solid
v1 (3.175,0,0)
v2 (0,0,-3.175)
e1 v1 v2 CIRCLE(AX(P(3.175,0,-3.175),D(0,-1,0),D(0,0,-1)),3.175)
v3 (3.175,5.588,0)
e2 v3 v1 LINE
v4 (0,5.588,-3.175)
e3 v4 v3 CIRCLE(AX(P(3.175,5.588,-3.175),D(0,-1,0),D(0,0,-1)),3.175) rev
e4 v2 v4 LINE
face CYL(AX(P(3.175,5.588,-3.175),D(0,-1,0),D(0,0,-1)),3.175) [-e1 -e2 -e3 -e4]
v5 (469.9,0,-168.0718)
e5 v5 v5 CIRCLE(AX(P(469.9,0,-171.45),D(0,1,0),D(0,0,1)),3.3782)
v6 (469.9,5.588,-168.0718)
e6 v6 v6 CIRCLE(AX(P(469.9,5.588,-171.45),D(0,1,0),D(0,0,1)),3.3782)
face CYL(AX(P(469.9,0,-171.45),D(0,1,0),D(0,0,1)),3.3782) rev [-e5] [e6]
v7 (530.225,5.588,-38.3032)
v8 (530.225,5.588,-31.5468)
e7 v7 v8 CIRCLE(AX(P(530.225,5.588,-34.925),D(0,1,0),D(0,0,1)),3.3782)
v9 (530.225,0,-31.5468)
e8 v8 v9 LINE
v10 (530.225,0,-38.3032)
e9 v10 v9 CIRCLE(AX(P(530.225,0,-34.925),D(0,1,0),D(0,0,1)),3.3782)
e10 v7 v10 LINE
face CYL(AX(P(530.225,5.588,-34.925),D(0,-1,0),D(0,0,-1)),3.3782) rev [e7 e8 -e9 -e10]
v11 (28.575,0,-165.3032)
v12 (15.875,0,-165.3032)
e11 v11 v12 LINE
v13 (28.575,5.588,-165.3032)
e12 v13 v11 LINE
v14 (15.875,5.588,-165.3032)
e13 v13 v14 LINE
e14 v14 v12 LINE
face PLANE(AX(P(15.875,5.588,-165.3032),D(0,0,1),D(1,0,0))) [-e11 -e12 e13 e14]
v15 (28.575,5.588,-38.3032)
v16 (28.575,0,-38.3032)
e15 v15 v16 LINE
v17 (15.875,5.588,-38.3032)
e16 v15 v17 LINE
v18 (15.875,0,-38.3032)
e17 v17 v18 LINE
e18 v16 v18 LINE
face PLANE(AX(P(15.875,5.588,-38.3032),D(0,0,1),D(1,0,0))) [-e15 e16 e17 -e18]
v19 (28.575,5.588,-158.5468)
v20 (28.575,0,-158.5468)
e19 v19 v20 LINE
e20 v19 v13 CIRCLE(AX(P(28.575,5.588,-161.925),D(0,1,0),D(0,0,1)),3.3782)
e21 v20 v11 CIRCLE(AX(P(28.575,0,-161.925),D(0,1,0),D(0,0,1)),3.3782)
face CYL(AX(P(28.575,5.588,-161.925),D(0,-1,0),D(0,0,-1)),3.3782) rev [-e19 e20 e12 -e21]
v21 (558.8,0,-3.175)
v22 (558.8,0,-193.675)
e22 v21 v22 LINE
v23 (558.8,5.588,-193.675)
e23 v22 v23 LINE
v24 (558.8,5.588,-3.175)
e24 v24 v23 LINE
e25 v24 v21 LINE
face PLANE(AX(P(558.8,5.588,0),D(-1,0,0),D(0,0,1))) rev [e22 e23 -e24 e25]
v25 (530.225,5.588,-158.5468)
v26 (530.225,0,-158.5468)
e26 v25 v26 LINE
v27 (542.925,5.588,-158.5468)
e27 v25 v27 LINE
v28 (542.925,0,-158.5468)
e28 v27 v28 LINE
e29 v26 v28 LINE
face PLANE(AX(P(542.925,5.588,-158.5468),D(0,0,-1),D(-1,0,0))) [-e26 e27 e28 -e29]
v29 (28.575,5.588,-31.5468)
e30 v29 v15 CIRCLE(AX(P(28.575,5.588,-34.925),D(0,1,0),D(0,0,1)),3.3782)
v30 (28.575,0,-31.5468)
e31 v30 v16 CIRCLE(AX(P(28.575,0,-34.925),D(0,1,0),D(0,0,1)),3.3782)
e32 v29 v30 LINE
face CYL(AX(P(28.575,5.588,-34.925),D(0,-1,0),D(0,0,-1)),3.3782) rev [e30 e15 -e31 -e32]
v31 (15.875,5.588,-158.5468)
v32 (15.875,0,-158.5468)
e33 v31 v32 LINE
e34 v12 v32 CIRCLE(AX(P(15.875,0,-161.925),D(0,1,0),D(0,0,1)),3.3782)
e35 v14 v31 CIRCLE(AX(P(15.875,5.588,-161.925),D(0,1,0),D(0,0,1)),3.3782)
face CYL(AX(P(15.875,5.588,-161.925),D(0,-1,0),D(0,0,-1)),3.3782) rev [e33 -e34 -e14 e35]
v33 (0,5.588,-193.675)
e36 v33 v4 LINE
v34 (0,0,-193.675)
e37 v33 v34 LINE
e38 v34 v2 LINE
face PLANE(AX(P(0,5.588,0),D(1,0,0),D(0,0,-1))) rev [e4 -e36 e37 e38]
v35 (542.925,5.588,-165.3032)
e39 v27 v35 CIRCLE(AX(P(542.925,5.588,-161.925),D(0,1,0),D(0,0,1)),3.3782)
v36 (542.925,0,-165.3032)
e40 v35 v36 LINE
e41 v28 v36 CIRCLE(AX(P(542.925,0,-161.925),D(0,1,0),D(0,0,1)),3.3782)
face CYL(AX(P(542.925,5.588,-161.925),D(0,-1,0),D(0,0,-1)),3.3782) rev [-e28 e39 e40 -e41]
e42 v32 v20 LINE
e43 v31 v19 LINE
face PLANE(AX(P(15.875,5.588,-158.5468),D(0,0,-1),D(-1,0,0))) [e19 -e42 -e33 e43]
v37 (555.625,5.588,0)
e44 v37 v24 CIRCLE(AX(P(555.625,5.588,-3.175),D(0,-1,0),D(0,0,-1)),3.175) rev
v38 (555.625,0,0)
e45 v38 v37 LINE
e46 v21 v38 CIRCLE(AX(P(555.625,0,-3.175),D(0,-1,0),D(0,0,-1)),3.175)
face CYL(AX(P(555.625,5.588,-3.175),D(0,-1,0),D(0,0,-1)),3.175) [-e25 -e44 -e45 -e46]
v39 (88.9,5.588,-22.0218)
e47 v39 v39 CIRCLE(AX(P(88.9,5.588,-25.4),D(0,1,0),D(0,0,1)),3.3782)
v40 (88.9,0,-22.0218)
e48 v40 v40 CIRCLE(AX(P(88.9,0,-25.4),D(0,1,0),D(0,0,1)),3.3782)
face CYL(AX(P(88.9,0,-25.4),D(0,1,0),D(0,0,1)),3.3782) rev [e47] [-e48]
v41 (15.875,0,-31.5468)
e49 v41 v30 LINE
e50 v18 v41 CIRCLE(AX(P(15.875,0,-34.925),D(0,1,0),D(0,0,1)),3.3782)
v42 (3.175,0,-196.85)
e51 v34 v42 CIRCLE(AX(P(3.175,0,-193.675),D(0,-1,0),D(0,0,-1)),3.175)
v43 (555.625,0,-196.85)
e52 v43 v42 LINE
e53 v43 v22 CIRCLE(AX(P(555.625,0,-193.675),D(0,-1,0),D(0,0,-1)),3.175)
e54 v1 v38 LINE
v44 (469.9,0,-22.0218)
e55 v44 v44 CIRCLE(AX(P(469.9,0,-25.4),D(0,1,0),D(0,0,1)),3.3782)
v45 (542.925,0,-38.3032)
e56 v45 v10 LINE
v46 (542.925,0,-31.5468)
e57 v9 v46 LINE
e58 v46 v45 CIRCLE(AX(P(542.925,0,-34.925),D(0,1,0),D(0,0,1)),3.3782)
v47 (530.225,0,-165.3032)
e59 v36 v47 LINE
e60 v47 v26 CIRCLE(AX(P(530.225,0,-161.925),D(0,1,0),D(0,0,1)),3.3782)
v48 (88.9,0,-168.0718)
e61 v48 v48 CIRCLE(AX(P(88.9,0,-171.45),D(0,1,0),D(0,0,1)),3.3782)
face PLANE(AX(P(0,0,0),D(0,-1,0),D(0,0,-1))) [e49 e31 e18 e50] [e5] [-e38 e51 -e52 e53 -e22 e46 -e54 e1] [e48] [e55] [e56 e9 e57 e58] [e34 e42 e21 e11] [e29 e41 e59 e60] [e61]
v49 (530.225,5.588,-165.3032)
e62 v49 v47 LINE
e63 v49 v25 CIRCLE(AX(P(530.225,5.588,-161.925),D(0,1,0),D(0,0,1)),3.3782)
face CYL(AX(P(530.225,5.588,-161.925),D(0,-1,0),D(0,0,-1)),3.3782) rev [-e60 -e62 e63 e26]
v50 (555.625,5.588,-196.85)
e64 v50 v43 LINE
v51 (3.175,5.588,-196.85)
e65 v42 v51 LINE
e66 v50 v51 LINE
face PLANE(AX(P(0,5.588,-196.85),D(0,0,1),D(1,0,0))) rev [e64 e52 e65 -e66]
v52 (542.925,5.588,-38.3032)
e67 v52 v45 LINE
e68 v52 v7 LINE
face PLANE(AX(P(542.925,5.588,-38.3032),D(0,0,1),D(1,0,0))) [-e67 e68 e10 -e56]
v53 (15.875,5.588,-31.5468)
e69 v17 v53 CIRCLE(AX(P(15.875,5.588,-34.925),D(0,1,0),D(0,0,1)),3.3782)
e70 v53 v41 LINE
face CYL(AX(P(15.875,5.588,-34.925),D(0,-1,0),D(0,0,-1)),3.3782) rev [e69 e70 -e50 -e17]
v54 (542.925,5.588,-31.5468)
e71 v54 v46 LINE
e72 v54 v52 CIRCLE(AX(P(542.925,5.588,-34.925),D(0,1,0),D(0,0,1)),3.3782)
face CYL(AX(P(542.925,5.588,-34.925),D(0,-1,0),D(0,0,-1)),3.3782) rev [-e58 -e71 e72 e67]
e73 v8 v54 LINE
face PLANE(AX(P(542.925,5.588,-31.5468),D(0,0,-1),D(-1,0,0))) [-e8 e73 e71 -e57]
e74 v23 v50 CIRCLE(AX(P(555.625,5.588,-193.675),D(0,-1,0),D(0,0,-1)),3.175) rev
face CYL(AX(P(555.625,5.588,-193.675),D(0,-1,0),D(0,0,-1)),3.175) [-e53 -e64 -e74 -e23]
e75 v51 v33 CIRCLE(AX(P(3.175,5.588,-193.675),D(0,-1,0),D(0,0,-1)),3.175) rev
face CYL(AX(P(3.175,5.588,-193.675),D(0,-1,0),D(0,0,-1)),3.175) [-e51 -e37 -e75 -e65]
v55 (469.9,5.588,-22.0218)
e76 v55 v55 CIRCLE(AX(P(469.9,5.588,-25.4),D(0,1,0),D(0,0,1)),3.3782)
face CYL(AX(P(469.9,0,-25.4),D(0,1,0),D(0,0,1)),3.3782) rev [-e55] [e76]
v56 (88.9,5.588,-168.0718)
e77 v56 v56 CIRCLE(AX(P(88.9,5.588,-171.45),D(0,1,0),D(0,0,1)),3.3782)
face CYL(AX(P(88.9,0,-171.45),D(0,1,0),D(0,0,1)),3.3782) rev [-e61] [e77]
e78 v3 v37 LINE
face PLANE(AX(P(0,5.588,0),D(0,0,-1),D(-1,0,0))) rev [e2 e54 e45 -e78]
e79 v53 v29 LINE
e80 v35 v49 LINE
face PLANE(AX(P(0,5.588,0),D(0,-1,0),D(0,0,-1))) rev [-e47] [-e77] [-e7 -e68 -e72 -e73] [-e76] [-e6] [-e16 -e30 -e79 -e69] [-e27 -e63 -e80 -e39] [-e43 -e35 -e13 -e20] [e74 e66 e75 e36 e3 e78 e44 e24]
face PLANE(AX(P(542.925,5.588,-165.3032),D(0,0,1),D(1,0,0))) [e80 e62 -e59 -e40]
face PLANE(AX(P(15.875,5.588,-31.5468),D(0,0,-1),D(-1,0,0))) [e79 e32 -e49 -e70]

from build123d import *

# Parameters (mm, degrees)
SKETCH1_W           = 558.8
SKETCH1_H           = 196.85
BOSS_EXTRUDE1_DEPTH = 5.588
FILLET1_R           = 3.175
SKETCH2_R           = 3.3782
CUT_EXTRUDE1_DEPTH  = 593.485095377


with BuildPart() as part:
    # Sketch1 → Boss-Extrude1 (new body)
    with BuildSketch(Plane(origin=(0, 0, 0), x_dir=(1, 0, 0), z_dir=(0, 1, 0))):
        with Locations((279.4, 98.425)):
            Rectangle(SKETCH1_W, SKETCH1_H)
        with BuildLine():
            Line((15.875, 38.3032), (28.575, 38.3032))
            ThreePointArc((28.575, 38.3032), (31.9532, 34.925), (28.575, 31.5468))
            Line((28.575, 31.5468), (15.875, 31.5468))
            ThreePointArc((15.875, 31.5468), (12.4968, 34.925), (15.875, 38.3032))
        make_face(mode=Mode.SUBTRACT)
        with BuildLine():
            Line((15.875, 165.3032), (28.575, 165.3032))
            ThreePointArc((28.575, 165.3032), (31.9532, 161.925), (28.575, 158.5468))
            Line((28.575, 158.5468), (15.875, 158.5468))
            ThreePointArc((15.875, 158.5468), (12.4968, 161.925), (15.875, 165.3032))
        make_face(mode=Mode.SUBTRACT)
        with BuildLine():
            Line((542.925, 158.5468), (530.225, 158.5468))
            ThreePointArc((530.225, 158.5468), (526.8468, 161.925), (530.225, 165.3032))
            Line((530.225, 165.3032), (542.925, 165.3032))
            ThreePointArc((542.925, 165.3032), (546.3032, 161.925), (542.925, 158.5468))
        make_face(mode=Mode.SUBTRACT)
        with BuildLine():
            Line((542.925, 31.5468), (530.225, 31.5468))
            ThreePointArc((530.225, 31.5468), (526.8468, 34.925), (530.225, 38.3032))
            Line((530.225, 38.3032), (542.925, 38.3032))
            ThreePointArc((542.925, 38.3032), (546.3032, 34.925), (542.925, 31.5468))
        make_face(mode=Mode.SUBTRACT)
    extrude(amount=BOSS_EXTRUDE1_DEPTH)

    # Fillet1
    fillet1_edges = [part.edges().sort_by_distance(p)[0] for p in [
        (0, 2.794, -196.85),
        (558.8, 2.794, -196.85),
        (558.8, 2.794, 0),
        (0, 2.794, 0),
    ]]
    fillet(fillet1_edges, radius=FILLET1_R)

    # Sketch2 → Cut-Extrude1 (cut, through all)
    with BuildSketch(Plane(origin=(0, 5.588, 0), x_dir=(1, 0, 0), z_dir=(0, 1, 0))):
        with Locations(Location((88.9, 171.45, 0), (0, 0, 270))):
            Circle(SKETCH2_R)
        with Locations(Location((88.9, 25.4, 0), (0, 0, 270))):
            Circle(SKETCH2_R)
        with Locations(Location((469.9, 25.4, 0), (0, 0, 270))):
            Circle(SKETCH2_R)
        with Locations(Location((469.9, 171.45, 0), (0, 0, 270))):
            Circle(SKETCH2_R)
    extrude(amount=-CUT_EXTRUDE1_DEPTH, mode=Mode.SUBTRACT)


solid = part.part
